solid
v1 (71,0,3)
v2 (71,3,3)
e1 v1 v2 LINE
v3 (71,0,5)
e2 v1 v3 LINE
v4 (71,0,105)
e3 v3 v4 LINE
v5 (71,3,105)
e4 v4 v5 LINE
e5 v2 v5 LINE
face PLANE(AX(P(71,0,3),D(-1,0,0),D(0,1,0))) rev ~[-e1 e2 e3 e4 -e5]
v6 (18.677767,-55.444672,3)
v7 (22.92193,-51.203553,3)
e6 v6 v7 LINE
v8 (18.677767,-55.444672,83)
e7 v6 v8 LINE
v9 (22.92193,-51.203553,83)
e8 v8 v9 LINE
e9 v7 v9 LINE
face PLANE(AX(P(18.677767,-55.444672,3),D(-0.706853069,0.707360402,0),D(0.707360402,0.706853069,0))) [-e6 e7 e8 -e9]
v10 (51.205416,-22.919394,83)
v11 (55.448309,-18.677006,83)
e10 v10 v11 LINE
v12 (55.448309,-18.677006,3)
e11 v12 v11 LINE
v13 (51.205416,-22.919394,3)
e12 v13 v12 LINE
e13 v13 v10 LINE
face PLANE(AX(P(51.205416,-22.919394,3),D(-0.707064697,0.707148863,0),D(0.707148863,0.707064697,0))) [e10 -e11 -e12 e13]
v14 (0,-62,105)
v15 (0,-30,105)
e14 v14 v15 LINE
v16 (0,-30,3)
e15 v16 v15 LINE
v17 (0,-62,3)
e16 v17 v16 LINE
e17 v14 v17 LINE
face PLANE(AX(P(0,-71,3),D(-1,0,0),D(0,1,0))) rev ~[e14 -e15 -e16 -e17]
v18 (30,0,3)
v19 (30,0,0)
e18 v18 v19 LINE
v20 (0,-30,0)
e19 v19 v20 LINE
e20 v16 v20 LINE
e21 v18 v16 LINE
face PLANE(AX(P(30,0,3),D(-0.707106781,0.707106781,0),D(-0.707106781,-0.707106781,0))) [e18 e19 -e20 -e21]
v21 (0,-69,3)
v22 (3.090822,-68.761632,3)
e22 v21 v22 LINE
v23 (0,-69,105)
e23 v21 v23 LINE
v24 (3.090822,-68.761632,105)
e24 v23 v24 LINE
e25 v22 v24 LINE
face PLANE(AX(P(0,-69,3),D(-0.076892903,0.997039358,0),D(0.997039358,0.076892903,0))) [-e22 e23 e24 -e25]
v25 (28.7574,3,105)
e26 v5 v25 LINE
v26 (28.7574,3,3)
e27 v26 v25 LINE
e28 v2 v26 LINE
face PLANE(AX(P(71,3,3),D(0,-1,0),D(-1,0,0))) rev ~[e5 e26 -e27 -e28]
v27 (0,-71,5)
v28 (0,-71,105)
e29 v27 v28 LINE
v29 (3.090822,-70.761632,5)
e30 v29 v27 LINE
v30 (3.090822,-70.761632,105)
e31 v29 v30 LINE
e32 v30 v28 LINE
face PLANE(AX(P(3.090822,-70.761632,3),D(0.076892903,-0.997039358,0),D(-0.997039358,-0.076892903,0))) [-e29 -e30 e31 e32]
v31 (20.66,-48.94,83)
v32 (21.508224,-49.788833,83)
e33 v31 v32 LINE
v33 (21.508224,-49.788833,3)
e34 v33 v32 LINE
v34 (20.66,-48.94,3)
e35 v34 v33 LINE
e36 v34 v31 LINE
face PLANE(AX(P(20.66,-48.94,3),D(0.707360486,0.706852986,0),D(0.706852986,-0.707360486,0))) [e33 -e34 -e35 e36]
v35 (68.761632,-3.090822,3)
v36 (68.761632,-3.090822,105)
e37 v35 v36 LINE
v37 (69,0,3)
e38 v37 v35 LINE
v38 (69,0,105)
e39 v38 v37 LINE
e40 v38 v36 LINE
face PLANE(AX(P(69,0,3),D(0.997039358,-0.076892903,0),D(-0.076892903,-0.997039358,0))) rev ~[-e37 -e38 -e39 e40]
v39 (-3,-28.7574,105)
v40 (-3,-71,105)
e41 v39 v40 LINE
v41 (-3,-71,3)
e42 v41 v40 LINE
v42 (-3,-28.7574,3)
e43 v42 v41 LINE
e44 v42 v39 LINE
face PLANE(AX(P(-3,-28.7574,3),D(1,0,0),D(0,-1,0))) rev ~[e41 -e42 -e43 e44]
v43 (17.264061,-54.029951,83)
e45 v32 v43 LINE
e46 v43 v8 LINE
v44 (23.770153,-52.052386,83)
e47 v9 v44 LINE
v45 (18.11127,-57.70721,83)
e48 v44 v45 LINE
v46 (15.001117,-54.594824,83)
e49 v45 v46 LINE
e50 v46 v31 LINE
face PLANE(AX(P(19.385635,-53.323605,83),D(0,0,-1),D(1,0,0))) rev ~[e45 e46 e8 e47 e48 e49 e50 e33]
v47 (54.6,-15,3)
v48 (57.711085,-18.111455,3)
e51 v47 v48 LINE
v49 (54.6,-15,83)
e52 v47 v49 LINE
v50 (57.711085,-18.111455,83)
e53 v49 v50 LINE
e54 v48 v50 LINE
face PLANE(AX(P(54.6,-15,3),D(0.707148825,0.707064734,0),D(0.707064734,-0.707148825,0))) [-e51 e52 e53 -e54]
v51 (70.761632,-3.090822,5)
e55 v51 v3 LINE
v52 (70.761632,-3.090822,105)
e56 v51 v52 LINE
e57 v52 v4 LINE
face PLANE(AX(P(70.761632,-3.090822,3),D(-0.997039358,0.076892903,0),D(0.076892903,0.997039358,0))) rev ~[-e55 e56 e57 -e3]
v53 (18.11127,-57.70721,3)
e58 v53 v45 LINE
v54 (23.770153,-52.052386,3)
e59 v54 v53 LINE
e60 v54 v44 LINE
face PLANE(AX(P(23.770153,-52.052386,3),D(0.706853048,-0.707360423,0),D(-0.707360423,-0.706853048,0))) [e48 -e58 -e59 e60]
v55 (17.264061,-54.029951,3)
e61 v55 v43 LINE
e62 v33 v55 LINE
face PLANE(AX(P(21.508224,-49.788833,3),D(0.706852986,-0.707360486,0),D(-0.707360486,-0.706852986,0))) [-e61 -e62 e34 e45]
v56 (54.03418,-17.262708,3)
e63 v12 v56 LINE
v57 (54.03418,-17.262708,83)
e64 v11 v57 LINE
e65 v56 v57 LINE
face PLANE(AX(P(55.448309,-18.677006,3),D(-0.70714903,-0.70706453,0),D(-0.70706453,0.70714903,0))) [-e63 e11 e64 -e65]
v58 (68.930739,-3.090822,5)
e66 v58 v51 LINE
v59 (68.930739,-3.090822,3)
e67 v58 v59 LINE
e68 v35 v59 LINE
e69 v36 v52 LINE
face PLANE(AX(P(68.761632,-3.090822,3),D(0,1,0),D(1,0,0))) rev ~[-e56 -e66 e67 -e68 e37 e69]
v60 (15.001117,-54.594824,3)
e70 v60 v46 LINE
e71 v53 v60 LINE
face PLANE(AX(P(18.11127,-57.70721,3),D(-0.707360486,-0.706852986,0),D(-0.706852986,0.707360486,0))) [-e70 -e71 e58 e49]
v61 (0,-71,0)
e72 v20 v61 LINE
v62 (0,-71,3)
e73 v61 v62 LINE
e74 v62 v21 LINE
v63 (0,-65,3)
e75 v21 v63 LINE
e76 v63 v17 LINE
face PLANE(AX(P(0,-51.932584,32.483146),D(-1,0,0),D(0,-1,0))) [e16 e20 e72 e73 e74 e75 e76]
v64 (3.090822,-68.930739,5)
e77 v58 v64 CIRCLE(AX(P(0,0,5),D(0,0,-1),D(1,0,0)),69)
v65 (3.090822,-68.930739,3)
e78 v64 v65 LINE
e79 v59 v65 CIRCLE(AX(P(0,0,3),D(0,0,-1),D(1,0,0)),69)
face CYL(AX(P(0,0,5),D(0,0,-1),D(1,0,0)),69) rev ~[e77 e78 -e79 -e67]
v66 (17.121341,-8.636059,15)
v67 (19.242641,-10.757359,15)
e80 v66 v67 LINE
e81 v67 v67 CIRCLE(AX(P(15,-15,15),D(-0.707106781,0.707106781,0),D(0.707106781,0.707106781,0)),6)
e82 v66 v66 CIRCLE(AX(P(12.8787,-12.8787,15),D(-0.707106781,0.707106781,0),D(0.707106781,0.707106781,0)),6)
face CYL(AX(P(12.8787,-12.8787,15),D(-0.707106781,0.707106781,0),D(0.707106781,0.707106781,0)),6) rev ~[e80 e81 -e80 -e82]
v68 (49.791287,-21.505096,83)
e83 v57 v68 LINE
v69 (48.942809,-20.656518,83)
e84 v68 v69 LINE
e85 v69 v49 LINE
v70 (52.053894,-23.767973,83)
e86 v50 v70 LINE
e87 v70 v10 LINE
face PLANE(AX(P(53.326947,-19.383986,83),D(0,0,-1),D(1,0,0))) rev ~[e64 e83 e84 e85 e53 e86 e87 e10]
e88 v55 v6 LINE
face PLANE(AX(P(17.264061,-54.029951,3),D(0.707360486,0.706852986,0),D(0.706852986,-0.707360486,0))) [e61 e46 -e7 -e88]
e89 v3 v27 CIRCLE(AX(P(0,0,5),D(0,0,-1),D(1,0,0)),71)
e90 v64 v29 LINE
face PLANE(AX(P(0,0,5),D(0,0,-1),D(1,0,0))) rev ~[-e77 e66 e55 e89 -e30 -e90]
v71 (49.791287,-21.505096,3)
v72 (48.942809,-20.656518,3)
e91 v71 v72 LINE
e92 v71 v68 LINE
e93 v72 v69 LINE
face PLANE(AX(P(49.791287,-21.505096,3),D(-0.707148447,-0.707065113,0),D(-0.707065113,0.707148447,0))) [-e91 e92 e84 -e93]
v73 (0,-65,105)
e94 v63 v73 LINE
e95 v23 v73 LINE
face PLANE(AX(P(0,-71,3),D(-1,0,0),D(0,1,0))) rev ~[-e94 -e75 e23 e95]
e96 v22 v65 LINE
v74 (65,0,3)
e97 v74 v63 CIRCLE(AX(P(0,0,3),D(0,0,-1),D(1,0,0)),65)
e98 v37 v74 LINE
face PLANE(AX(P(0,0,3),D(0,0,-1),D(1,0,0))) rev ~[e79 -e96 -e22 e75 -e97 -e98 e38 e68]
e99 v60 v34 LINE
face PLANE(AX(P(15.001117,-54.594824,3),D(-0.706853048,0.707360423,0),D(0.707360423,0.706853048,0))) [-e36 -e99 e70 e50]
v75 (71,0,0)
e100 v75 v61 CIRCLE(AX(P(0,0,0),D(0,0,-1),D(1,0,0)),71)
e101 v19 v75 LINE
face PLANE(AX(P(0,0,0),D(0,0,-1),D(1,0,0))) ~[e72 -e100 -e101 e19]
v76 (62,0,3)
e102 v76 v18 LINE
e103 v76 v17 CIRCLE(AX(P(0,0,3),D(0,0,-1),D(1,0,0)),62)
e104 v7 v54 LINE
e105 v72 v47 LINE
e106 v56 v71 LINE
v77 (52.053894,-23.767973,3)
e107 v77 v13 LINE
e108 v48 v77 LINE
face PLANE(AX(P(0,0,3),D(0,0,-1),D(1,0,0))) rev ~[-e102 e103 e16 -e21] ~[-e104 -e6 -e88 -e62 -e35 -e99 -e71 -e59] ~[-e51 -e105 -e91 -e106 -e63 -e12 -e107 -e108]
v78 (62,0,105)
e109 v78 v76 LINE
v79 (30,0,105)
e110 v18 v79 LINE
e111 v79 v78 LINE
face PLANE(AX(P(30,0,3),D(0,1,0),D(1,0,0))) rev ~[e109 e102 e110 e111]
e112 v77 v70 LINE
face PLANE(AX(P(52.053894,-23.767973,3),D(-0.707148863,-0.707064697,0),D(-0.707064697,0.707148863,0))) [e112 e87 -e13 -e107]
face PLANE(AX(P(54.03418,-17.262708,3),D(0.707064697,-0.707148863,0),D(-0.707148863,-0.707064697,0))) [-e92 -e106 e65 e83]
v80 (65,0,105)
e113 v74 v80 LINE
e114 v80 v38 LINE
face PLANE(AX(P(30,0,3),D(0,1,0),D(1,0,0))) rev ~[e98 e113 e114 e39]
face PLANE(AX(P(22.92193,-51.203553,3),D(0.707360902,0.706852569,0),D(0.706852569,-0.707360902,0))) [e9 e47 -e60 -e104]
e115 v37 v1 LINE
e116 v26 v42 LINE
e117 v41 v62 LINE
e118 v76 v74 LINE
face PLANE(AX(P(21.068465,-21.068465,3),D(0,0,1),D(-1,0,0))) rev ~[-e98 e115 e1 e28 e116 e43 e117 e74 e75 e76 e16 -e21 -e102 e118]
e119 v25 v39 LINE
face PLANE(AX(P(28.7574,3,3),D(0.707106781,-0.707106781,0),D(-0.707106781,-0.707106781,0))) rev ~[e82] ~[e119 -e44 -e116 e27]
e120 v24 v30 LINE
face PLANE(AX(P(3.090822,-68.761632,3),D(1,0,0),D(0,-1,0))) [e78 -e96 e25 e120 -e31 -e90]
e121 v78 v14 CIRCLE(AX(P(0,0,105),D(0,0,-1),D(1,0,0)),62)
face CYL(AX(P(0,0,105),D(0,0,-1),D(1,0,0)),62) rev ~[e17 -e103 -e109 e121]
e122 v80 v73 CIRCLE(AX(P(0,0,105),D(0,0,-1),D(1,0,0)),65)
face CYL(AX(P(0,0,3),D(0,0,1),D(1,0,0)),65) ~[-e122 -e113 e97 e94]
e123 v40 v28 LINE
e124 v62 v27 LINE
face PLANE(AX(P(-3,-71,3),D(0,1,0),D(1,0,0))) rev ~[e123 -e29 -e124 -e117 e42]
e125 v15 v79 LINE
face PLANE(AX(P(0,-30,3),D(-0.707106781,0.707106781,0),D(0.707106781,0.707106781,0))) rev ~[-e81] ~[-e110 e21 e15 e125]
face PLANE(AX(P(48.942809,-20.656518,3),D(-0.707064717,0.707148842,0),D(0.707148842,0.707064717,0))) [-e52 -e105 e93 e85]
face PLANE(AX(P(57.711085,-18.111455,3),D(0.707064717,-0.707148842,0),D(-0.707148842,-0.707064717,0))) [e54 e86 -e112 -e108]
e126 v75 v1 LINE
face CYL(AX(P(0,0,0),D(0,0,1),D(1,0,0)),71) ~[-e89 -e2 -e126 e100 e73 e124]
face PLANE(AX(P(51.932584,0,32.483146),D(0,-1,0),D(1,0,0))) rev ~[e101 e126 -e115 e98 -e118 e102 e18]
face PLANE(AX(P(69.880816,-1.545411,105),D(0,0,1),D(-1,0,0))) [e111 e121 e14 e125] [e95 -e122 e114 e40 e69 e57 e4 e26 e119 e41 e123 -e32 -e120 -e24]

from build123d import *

# Parameters (mm, degrees)
REVOLUTION_ANGLE = -90
POCKET_DEPTH     = 3
PAD_DEPTH        = 102
PAD001_DEPTH     = 102
PAD002_DEPTH     = 102
SKETCH005_R      = 6
POCKET001_DEPTH  = 3
PAD003_DEPTH     = 80
PAD004_DEPTH     = 80


with BuildPart() as part:
    # Sketch → Revolution (revolve)
    with BuildSketch(Plane.XZ):
        Polygon((0, 0), (71, 0), (71, 5), (69, 5), (69, 3), (65, 3), (65, 105), (62, 105), (62, 3), (0, 3), align=None)
    revolve(axis=Axis((0, 0, 0), (0, 0, 1)), revolution_arc=REVOLUTION_ANGLE)

    # Sketch001 (on Face9 of Revolution) → Pocket (cut)
    with BuildSketch(Plane(origin=(0, 0, 3), x_dir=(-1, 0, 0), z_dir=(0, 0, 1))):
        Polygon((0, 0), (-30, 0), (0, 30), align=None)
    extrude(amount=-POCKET_DEPTH, mode=Mode.SUBTRACT)

    # Sketch002 (on Face7 of Pocket) → Pad (join)
    with BuildSketch(Plane(origin=(0, 0, 3), x_dir=(-1, 0, 0), z_dir=(0, 0, 1))):
        Polygon((0, 71), (0, 30), (-30, 0), (-71, 0), (-71, -3), (-28.7574, -3), (3, 28.7574), (3, 71), align=None)
    extrude(amount=PAD_DEPTH)

    # Sketch003 (on Face24 of Pad) → Pad001 (join)
    with BuildSketch(Plane(origin=(0, 0, 3), x_dir=(-1, 0, 0), z_dir=(0, 0, 1))):
        Polygon((0, 71), (0, 69), (-3.090822, 68.761632), (-3.090822, 70.761632), align=None)
    extrude(amount=PAD001_DEPTH)

    # Sketch004 (on Face28 of Pad001) → Pad002 (join)
    with BuildSketch(Plane(origin=(0, 0, 3), x_dir=(-1, 0, 0), z_dir=(0, 0, 1))):
        Polygon((-71, 0), (-69, 0), (-68.761632, 3.090822), (-70.761632, 3.090822), align=None)
    extrude(amount=PAD002_DEPTH)

    # Sketch005 (on Face18 of Pad002) → Pocket001 (cut)
    with BuildSketch(Plane(origin=(12.8787, -12.8787, 0), x_dir=(0.707107, 0.707107, 0), z_dir=(-0.707107, 0.707107, 0))):
        with Locations((0, -15)):
            Circle(SKETCH005_R)
    extrude(amount=-POCKET001_DEPTH, mode=Mode.SUBTRACT)

    # Sketch006 (on Face33 of Pocket001) → Pad003 (join)
    with BuildSketch(Plane(origin=(0, 0, 3), x_dir=(-1, 0, 0), z_dir=(0, 0, 1))):
        Polygon((-23.770153, 52.052386), (-18.11127, 57.70721), (-15.001117, 54.594824), (-20.66, 48.94), (-21.508224, 49.788833), (-17.264061, 54.029951), (-18.677767, 55.444672), (-22.92193, 51.203553), align=None)
        Polygon((-57.711085, 18.111455), (-52.053894, 23.767973), (-51.205416, 22.919394), (-55.448309, 18.677006), (-54.03418, 17.262708), (-49.791287, 21.505096), (-48.942809, 20.656518), (-54.6, 15), align=None)
    extrude(amount=PAD003_DEPTH)

    # Sketch006 (on Face33 of Pocket001) → Pad004 (join)
    with BuildSketch(Plane(origin=(0, 0, 3), x_dir=(-1, 0, 0), z_dir=(0, 0, 1))):
        Polygon((-23.770153, 52.052386), (-18.11127, 57.70721), (-15.001117, 54.594824), (-20.66, 48.94), (-21.508224, 49.788833), (-17.264061, 54.029951), (-18.677767, 55.444672), (-22.92193, 51.203553), align=None)
        Polygon((-57.711085, 18.111455), (-52.053894, 23.767973), (-51.205416, 22.919394), (-55.448309, 18.677006), (-54.03418, 17.262708), (-49.791287, 21.505096), (-48.942809, 20.656518), (-54.6, 15), align=None)
    extrude(amount=PAD004_DEPTH)


solid = part.part
